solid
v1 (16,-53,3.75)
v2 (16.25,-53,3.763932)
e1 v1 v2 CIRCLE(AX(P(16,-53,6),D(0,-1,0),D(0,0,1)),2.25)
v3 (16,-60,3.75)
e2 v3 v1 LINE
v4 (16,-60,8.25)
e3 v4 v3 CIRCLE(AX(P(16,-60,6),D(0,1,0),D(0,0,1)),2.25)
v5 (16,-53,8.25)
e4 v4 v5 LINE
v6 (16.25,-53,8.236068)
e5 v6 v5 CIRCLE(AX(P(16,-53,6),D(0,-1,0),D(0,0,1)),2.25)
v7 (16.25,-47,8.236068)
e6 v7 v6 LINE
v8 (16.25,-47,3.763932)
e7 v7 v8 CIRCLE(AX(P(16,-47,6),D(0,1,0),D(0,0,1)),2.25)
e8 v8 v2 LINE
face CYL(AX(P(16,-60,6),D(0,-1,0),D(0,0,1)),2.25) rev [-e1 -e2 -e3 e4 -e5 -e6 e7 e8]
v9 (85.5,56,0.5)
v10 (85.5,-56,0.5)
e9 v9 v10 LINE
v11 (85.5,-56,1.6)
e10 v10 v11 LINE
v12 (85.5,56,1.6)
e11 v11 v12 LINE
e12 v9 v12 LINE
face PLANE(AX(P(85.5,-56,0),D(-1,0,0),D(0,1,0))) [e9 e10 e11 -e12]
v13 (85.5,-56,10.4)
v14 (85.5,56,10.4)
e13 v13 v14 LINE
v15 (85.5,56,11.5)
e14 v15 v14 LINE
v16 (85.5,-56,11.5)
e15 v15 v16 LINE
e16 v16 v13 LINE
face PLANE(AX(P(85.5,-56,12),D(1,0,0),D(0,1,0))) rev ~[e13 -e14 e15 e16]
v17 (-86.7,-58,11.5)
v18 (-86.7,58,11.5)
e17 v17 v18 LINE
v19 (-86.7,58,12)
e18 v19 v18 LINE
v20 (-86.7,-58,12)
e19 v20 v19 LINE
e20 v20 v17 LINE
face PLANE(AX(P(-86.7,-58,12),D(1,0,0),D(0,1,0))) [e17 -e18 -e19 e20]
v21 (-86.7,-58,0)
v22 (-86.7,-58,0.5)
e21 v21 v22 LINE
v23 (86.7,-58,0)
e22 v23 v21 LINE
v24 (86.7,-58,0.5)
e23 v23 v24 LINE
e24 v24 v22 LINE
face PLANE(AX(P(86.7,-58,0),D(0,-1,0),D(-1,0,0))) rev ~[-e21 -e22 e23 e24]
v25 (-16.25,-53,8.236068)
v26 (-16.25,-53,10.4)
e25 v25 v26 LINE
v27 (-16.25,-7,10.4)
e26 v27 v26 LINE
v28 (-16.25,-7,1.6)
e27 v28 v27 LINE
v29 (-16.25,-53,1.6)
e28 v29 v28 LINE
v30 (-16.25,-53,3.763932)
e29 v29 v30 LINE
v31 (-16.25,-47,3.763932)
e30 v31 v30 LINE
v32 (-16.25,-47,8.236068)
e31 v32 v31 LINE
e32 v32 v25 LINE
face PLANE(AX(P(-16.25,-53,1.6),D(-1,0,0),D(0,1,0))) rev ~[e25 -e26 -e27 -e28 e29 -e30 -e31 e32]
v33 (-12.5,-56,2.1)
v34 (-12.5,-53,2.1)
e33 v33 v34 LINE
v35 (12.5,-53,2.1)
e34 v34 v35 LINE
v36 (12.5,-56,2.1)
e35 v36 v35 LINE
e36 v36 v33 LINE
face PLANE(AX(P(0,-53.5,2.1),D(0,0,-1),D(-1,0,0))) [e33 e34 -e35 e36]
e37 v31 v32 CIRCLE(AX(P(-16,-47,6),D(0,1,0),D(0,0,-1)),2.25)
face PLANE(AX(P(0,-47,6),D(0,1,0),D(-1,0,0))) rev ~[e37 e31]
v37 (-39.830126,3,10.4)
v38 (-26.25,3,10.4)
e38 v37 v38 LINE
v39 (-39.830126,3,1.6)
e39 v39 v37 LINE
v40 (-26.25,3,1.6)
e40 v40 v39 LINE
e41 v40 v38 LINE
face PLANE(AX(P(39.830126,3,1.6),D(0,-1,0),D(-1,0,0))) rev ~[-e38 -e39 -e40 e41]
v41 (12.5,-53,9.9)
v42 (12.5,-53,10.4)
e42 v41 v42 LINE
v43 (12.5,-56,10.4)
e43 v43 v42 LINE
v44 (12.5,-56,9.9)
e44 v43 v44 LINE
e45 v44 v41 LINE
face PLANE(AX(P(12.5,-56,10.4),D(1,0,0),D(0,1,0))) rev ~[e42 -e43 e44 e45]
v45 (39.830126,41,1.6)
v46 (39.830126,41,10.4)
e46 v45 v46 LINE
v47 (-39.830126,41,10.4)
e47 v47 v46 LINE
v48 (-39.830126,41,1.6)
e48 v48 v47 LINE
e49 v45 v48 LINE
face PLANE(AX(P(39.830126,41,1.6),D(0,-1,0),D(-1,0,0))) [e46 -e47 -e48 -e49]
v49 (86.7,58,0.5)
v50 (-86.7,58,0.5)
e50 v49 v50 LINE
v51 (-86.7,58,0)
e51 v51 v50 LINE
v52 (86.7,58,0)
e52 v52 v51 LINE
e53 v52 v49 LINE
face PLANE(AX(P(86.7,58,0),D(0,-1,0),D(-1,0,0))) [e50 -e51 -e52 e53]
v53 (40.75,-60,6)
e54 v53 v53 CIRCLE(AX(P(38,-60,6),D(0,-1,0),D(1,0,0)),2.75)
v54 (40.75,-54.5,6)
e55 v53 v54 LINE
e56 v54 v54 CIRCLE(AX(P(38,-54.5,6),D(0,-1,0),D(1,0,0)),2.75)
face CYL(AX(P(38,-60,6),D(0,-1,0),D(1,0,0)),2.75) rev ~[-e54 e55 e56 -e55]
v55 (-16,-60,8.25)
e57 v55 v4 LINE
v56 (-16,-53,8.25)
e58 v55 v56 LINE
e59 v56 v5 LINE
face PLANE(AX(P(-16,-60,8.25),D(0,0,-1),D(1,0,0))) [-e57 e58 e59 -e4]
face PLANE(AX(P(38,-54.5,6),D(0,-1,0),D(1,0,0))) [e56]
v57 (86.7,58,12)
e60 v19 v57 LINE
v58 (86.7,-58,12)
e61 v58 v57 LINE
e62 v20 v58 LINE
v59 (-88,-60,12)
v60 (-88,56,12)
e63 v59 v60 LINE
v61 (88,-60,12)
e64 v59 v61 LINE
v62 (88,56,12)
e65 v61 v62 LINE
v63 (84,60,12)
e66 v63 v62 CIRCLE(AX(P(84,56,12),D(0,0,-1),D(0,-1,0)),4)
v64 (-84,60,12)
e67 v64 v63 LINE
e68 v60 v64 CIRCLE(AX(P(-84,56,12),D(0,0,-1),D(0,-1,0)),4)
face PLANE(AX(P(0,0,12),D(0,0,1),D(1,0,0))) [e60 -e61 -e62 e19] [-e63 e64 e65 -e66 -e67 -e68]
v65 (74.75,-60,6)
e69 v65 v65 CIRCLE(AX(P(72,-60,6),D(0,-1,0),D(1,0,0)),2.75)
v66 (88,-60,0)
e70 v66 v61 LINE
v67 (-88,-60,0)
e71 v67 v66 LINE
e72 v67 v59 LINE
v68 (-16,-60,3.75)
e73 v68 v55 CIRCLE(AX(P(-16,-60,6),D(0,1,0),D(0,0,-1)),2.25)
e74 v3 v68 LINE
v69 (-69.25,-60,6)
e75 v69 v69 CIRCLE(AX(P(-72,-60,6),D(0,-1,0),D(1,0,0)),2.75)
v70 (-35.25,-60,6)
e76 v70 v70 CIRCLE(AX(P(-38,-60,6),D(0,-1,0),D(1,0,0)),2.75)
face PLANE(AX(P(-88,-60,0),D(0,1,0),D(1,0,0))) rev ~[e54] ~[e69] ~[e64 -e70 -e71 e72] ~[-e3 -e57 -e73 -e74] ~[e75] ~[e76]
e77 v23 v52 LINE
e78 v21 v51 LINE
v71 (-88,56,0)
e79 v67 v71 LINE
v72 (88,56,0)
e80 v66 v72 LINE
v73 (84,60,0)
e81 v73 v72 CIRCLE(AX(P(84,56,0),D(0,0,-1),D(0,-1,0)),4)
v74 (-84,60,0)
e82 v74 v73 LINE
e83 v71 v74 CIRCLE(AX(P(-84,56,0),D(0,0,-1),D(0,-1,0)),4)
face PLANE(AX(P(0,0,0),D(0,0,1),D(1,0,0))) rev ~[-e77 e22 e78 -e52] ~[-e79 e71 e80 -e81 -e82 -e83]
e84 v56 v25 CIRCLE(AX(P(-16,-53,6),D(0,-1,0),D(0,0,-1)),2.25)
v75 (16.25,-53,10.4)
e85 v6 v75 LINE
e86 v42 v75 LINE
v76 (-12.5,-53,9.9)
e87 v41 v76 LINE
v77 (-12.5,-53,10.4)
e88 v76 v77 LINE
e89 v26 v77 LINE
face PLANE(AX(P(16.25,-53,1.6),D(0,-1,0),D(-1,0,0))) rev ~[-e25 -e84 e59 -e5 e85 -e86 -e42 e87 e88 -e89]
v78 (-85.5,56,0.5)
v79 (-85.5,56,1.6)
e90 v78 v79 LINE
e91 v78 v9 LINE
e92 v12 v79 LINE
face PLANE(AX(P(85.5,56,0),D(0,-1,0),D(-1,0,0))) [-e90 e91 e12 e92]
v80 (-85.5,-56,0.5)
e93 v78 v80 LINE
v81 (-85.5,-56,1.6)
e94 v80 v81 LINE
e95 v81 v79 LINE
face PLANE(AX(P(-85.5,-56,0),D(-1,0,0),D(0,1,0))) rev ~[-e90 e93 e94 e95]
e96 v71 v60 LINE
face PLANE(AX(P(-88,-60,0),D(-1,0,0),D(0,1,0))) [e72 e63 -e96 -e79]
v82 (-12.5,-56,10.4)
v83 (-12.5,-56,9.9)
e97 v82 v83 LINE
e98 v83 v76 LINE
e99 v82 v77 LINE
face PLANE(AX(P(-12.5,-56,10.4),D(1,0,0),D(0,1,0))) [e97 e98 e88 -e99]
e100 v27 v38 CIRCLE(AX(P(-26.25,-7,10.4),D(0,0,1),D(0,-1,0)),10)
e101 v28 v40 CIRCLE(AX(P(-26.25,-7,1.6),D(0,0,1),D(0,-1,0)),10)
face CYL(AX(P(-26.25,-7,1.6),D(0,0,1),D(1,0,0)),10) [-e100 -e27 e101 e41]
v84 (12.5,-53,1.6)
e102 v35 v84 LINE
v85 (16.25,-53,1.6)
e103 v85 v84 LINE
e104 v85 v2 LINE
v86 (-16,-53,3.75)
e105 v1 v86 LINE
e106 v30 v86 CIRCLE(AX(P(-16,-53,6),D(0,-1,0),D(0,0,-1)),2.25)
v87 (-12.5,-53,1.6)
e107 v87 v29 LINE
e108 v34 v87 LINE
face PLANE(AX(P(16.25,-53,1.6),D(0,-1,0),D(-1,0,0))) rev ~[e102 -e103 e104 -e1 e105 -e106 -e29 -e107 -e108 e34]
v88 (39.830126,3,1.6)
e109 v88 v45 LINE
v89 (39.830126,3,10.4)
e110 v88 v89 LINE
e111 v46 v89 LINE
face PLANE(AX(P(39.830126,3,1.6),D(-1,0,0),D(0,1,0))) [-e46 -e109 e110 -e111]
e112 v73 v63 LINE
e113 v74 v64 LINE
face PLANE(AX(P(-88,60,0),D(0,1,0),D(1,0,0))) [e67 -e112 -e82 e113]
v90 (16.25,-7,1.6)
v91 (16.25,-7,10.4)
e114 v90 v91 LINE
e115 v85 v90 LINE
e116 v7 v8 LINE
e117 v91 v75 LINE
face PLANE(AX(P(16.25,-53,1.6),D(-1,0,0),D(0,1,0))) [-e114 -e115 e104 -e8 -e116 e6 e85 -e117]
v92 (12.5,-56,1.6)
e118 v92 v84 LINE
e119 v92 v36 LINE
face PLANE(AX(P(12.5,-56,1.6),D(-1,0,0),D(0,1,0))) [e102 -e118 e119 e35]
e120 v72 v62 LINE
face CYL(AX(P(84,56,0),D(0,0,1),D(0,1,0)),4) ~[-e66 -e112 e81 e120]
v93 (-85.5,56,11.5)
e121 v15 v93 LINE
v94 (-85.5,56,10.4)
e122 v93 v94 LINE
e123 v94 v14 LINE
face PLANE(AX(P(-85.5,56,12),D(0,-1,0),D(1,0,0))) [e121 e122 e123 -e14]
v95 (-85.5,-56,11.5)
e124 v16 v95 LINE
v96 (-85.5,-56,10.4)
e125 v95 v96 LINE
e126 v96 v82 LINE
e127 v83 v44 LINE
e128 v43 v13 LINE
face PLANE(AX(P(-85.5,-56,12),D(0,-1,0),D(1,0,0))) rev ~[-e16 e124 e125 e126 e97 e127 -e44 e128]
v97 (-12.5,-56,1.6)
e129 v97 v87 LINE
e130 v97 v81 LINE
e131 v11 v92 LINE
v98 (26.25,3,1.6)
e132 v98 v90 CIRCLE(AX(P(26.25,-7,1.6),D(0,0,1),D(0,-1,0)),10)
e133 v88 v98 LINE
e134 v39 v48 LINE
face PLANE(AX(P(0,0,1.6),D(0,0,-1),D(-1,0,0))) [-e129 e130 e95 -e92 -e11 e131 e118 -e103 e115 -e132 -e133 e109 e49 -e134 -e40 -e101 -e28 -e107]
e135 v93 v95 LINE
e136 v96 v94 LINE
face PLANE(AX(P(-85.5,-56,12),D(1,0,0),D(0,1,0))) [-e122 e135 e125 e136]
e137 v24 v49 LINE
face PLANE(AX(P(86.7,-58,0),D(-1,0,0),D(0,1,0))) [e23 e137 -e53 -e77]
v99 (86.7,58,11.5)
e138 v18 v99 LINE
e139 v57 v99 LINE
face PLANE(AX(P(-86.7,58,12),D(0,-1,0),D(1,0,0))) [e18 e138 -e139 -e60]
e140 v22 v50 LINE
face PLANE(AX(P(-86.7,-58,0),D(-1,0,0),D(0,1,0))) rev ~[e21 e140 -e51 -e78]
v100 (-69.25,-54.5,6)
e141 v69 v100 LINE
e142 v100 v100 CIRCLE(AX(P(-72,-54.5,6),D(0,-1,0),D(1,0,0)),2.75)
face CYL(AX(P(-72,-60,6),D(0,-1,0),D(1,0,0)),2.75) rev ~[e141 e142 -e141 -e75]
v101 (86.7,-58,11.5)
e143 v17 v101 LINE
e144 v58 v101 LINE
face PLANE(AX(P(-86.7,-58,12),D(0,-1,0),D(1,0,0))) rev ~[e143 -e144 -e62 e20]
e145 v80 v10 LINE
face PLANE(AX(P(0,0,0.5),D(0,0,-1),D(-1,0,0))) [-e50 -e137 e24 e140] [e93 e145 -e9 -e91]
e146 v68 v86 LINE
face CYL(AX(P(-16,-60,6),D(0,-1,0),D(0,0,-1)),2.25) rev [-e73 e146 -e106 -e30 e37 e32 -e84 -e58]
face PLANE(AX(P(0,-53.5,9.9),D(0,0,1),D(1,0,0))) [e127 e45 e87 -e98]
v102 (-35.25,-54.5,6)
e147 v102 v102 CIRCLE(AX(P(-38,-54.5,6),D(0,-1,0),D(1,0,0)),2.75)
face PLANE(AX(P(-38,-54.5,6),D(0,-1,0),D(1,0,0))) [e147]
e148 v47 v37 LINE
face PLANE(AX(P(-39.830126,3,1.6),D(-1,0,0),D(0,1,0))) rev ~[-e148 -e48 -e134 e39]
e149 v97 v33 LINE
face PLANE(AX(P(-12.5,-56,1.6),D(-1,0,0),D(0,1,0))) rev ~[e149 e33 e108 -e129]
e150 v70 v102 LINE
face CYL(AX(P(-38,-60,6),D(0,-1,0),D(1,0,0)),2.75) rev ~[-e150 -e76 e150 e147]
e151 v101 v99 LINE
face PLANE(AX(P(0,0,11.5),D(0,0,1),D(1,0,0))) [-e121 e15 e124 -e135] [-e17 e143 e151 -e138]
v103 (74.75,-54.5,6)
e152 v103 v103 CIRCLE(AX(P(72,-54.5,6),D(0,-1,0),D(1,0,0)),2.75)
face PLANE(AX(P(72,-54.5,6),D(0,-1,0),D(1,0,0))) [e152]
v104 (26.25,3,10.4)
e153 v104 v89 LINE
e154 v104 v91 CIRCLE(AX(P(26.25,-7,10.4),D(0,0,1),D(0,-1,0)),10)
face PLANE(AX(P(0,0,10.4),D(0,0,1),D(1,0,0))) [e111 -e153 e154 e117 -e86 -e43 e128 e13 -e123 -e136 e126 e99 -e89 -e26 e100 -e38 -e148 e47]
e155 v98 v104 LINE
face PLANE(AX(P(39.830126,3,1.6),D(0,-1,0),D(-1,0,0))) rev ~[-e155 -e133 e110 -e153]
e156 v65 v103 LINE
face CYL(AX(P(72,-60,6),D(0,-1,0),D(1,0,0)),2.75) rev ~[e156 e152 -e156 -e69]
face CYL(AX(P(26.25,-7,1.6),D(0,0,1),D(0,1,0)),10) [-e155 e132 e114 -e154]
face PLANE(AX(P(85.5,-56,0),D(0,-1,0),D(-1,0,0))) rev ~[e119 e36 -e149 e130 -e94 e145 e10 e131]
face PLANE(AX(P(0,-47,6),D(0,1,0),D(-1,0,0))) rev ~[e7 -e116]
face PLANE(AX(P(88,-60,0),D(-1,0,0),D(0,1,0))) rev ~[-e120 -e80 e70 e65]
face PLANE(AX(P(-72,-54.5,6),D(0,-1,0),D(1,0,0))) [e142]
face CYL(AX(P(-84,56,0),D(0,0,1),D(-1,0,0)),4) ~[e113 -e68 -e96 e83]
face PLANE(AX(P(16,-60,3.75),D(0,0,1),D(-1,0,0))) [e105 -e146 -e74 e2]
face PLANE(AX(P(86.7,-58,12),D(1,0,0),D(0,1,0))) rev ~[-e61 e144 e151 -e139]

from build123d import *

# Parameters (mm, degrees)
SKETCH_1_W           = 176
SKETCH_1_H           = 120
EXTRUDE_1_DEPTH      = 12
SKETCH_2_W           = 171
SKETCH_2_H           = 112
CUT_EXTRUDE_1_DEPTH  = 1.6
SKETCH_3_W           = 171
SKETCH_3_H           = 112
CUT_EXTRUDE_2_DEPTH  = 1.6
SKETCH_5_W           = 173.4
SKETCH_5_H           = 116
CUT_EXTRUDE_3_DEPTH  = 0.5
SKETCH_6_W           = 173.4
SKETCH_6_H           = 116
CUT_EXTRUDE_4_DEPTH  = 0.5
SKETCH_7_W           = 32.5
SKETCH_7_H           = 56
CUT_EXTRUDE_5_DEPTH  = 108.014765336
SKETCH_8_W           = 25
SKETCH_8_H           = 5
CUT_EXTRUDE_6_DEPTH  = 0.5
SKETCH_9_W           = 25
SKETCH_9_H           = 5
CUT_EXTRUDE_7_DEPTH  = 0.5
FILLET_1_R           = 4
FILLET_2_R           = 4
SKETCH_28_R          = 2.75
CUT_EXTRUDE_16_DEPTH = 5.5
CUT_EXTRUDE_17_DEPTH = 13
SKETCH_31_W          = 79.660251382
SKETCH_31_H          = 38
CUT_EXTRUDE_18_DEPTH = 108.014765336
FILLET_3_R           = 10
FILLET_4_R           = 10


with BuildPart() as part:
    # 草图1 → 凸台-拉伸1 (new body)
    with BuildSketch(Plane.XY):
        Rectangle(SKETCH_1_W, SKETCH_1_H)
    extrude(amount=EXTRUDE_1_DEPTH)

    # 草图2 → 切除-拉伸1 (cut)
    with BuildSketch(Plane.XY.offset(12)):
        Rectangle(SKETCH_2_W, SKETCH_2_H)
    extrude(amount=-CUT_EXTRUDE_1_DEPTH, mode=Mode.SUBTRACT)

    # 草图3 → 切除-拉伸2 (cut)
    with BuildSketch(Plane(origin=(0, 0, 0), x_dir=(-1, 0, 0), z_dir=(0, 0, -1))):
        Rectangle(SKETCH_3_W, SKETCH_3_H)
    extrude(amount=-CUT_EXTRUDE_2_DEPTH, mode=Mode.SUBTRACT)

    # 草图5 → 切除-拉伸3 (cut)
    with BuildSketch(Plane(origin=(0, 0, 0), x_dir=(-1, 0, 0), z_dir=(0, 0, -1))):
        Rectangle(SKETCH_5_W, SKETCH_5_H)
    extrude(amount=-CUT_EXTRUDE_3_DEPTH, mode=Mode.SUBTRACT)

    # 草图6 → 切除-拉伸4 (cut)
    with BuildSketch(Plane.XY.offset(12)):
        Rectangle(SKETCH_6_W, SKETCH_6_H)
    extrude(amount=-CUT_EXTRUDE_4_DEPTH, mode=Mode.SUBTRACT)

    # 草图7 → 切除-拉伸5 (cut, through all)
    with BuildSketch(Plane(origin=(0, 0, 1.6), x_dir=(-1, 0, 0), z_dir=(0, 0, -1))):
        with Locations((0, -25)):
            Rectangle(SKETCH_7_W, SKETCH_7_H)
    extrude(amount=-CUT_EXTRUDE_5_DEPTH, mode=Mode.SUBTRACT)

    # 草图8 → 切除-拉伸6 (cut)
    with BuildSketch(Plane(origin=(0, 0, 1.6), x_dir=(-1, 0, 0), z_dir=(0, 0, -1))):
        with Locations((0, -53.5)):
            Rectangle(SKETCH_8_W, SKETCH_8_H)
    extrude(amount=-CUT_EXTRUDE_6_DEPTH, mode=Mode.SUBTRACT)

    # 草图9 → 切除-拉伸7 (cut)
    with BuildSketch(Plane.XY.offset(10.4)):
        with Locations((0, -53.5)):
            Rectangle(SKETCH_9_W, SKETCH_9_H)
    extrude(amount=-CUT_EXTRUDE_7_DEPTH, mode=Mode.SUBTRACT)

    # 圆角1
    fillet_1_edges = [part.edges().sort_by_distance(p)[0] for p in [
        (-88, 60, 6),
    ]]
    fillet(fillet_1_edges, radius=FILLET_1_R)

    # 圆角2
    fillet_2_edges = [part.edges().sort_by_distance(p)[0] for p in [
        (88, 60, 6),
    ]]
    fillet(fillet_2_edges, radius=FILLET_2_R)

    # 草图28 → 切除-拉伸16 (cut)
    with BuildSketch(Plane(origin=(0, -60, 0), x_dir=(-1, 0, 0), z_dir=(0, -1, 0))):
        with Locations(Location((-72, -6, 0), (0, 0, 180))):
            Circle(SKETCH_28_R)
        with Locations(Location((-38, -6, 0), (0, 0, 180))):
            Circle(SKETCH_28_R)
        with Locations(Location((38, -6, 0), (0, 0, 180))):
            Circle(SKETCH_28_R)
        with Locations(Location((72, -6, 0), (0, 0, 180))):
            Circle(SKETCH_28_R)
    extrude(amount=-CUT_EXTRUDE_16_DEPTH, mode=Mode.SUBTRACT)

    # 草图29 → 切除-拉伸17 (cut)
    with BuildSketch(Plane.XZ.offset(60)):
        with BuildLine():
            Line((-16, 8.25), (16, 8.25))
            ThreePointArc((16, 8.25), (18.25, 6), (16, 3.75))
            Line((16, 3.75), (-16, 3.75))
            ThreePointArc((-16, 3.75), (-18.25, 6), (-16, 8.25))
        make_face()
    extrude(amount=-CUT_EXTRUDE_17_DEPTH, mode=Mode.SUBTRACT)

    # 草图31 → 切除-拉伸18 (cut, through all)
    with BuildSketch(Plane(origin=(0, 0, 1.6), x_dir=(-1, 0, 0), z_dir=(0, 0, -1))):
        with Locations((0, 22)):
            Rectangle(SKETCH_31_W, SKETCH_31_H)
    extrude(amount=-CUT_EXTRUDE_18_DEPTH, mode=Mode.SUBTRACT)

    # 圆角3
    fillet_3_edges = [part.edges().sort_by_distance(p)[0] for p in [
        (-16.25, 3, 6),
    ]]
    fillet(fillet_3_edges, radius=FILLET_3_R)

    # 圆角4
    fillet_4_edges = [part.edges().sort_by_distance(p)[0] for p in [
        (16.25, 3, 6),
    ]]
    fillet(fillet_4_edges, radius=FILLET_4_R)


solid = part.part
